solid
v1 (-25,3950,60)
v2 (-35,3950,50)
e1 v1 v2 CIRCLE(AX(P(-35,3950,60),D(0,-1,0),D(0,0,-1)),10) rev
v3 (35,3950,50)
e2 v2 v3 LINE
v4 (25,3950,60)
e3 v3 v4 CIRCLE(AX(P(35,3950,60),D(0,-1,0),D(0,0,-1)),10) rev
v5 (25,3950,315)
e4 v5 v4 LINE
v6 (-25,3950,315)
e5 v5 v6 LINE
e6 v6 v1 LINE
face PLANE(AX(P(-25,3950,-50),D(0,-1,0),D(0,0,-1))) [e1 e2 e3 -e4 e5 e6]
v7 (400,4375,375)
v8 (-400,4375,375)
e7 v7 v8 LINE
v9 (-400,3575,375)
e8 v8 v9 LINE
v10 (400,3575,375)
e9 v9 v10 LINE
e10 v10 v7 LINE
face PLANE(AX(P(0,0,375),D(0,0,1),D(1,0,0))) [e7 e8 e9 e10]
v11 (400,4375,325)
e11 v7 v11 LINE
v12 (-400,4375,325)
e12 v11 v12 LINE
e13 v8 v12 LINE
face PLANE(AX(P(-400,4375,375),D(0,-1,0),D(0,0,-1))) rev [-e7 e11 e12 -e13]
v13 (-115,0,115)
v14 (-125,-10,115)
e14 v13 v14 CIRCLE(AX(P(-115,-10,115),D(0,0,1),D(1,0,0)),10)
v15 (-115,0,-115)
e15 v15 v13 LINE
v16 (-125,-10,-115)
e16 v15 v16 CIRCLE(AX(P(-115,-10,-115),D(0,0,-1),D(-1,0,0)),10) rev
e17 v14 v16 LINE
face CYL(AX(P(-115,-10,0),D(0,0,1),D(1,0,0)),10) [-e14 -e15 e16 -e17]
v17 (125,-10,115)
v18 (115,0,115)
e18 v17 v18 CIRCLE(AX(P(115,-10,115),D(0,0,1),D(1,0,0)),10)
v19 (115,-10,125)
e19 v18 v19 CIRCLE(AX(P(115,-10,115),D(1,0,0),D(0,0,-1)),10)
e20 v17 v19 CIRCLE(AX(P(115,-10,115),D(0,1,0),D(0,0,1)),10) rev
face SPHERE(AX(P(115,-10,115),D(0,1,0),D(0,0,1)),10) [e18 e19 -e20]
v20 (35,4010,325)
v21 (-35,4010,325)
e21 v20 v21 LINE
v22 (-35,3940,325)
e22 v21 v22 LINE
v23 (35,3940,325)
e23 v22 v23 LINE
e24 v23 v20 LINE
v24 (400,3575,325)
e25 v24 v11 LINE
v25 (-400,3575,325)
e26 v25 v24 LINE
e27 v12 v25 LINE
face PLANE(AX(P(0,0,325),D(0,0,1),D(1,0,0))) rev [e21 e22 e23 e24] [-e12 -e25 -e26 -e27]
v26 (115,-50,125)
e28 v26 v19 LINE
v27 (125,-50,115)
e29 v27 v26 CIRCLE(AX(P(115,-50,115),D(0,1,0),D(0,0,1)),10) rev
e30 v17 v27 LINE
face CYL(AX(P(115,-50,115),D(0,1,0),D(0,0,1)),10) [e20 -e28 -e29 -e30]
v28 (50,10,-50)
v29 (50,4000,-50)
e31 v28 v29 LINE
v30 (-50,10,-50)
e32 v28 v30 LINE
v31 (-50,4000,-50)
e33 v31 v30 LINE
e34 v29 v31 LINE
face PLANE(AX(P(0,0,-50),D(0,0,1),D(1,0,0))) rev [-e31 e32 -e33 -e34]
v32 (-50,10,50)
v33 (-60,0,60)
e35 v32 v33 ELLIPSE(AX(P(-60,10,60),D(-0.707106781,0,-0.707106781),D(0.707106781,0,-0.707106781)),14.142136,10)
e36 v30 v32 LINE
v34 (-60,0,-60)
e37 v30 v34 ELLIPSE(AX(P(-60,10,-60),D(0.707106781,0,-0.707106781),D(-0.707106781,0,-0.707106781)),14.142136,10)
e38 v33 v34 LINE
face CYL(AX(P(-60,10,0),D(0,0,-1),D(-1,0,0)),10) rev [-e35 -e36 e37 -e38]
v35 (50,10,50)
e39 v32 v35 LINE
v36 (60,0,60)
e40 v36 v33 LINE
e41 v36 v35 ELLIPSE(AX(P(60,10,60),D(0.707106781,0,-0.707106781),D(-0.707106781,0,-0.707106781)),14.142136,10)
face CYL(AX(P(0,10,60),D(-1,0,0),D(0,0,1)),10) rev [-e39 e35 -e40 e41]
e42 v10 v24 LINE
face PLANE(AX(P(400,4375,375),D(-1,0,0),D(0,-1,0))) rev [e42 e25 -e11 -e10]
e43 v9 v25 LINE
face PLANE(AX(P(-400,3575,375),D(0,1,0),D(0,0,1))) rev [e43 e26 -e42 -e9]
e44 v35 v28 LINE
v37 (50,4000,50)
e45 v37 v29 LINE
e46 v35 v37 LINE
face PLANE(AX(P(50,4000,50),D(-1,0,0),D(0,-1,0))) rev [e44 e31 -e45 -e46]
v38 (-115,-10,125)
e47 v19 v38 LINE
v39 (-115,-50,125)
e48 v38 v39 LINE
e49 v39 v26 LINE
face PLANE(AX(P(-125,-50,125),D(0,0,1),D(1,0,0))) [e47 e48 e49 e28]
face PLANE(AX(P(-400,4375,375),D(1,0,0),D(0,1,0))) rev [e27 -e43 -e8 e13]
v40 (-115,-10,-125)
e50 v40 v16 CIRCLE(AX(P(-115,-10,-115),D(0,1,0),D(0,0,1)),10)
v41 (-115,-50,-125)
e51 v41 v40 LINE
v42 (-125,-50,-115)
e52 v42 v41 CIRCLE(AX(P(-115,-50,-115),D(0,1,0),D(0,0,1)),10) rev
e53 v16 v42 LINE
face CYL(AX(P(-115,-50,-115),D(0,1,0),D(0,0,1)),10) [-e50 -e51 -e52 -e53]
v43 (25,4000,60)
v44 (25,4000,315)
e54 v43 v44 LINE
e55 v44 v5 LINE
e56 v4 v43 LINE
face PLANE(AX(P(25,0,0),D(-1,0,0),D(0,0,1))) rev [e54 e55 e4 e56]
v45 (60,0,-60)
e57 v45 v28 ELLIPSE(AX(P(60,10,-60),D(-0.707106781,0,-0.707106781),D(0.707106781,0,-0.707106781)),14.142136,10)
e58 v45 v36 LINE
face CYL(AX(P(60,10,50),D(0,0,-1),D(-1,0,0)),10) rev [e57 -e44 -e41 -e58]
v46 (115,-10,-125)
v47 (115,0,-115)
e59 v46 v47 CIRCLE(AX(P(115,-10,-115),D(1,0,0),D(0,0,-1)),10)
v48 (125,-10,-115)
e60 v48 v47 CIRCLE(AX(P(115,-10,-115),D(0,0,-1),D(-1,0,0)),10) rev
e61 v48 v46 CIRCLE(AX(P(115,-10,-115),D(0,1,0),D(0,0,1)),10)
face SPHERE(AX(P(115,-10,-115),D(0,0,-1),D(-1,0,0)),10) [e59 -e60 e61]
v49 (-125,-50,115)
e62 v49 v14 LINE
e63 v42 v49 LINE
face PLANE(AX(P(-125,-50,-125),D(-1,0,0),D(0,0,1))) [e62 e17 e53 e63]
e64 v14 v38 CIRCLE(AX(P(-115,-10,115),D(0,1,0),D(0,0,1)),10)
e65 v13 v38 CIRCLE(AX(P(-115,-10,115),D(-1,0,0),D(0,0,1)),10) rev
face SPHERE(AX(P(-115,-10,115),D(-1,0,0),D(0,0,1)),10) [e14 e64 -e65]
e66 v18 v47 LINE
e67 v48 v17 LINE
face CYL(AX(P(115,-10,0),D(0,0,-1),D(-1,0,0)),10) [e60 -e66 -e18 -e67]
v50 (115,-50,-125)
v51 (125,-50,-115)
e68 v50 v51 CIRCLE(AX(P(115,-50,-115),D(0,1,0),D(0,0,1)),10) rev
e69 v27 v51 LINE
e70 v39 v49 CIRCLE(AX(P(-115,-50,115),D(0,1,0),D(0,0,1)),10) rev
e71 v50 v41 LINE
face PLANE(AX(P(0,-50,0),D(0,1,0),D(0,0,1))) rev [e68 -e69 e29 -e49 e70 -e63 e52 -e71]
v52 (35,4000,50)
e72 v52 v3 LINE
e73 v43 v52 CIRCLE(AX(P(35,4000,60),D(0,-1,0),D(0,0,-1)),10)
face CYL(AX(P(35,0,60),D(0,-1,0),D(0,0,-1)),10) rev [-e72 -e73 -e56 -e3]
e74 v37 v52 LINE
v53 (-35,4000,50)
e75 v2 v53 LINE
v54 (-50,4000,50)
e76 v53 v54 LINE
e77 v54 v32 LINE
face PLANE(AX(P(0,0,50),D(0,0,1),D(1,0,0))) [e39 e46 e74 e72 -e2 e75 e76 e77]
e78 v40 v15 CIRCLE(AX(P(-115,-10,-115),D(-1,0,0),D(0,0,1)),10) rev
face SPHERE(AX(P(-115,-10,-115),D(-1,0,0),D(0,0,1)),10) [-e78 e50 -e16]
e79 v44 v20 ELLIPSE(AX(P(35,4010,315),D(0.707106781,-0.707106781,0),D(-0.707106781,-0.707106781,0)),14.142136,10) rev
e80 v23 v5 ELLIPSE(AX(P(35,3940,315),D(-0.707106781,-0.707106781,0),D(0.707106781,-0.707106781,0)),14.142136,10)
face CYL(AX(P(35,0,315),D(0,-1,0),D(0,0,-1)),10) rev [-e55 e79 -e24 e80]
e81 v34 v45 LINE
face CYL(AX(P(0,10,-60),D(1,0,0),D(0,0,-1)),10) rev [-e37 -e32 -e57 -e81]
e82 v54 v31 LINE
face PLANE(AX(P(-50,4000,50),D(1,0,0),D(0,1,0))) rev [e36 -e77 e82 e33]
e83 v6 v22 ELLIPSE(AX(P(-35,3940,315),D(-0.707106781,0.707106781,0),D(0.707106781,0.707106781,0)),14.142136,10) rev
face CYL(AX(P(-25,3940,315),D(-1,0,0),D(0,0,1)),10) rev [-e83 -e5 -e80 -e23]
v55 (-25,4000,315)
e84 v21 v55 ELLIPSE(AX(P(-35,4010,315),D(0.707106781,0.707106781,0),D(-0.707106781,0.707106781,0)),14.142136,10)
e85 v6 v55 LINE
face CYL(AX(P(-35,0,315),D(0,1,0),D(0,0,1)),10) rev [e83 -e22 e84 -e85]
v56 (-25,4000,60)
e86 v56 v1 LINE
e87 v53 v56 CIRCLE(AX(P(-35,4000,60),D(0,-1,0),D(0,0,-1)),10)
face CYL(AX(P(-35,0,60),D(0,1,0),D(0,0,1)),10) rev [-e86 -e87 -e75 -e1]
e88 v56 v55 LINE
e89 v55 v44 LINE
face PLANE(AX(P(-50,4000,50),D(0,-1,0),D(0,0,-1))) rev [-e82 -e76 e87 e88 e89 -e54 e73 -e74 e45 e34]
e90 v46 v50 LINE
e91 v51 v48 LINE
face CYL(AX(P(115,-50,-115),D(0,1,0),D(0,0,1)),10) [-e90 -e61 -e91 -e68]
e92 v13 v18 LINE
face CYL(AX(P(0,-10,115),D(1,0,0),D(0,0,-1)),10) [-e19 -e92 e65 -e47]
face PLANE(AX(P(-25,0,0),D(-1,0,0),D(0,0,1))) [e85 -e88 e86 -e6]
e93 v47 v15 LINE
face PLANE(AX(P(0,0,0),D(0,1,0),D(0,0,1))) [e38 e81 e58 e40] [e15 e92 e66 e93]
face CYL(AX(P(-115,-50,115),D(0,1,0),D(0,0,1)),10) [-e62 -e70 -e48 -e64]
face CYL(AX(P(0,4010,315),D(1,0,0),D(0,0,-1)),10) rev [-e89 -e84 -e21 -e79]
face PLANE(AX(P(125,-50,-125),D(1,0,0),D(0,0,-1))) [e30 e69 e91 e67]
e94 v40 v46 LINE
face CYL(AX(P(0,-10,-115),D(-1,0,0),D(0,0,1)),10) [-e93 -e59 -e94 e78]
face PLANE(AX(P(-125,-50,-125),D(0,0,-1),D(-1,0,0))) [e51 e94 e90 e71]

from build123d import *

# Parameters (mm, degrees)
SKETCH1_W           = 100
SKETCH1_H           = 4000
BOSS_EXTRUDE1_DEPTH = 50
SKETCH2_W           = 250
SKETCH2_H           = 250
BOSS_EXTRUDE2_DEPTH = 50
SKETCH3_W           = 400
SKETCH3_H           = 50
BOSS_EXTRUDE3_DEPTH = 25
SKETCH4_W           = 800
SKETCH4_H           = 800
BOSS_EXTRUDE4_DEPTH = 25
FILLET1_R           = 10
FILLET3_R           = 10
FILLET4_R           = 10


with BuildPart() as part:
    # Sketch1 → Boss-Extrude1 (new, symmetric)
    with BuildSketch(Plane.XY):
        with Locations((0, 2000)):
            Rectangle(SKETCH1_W, SKETCH1_H)
    extrude(amount=BOSS_EXTRUDE1_DEPTH, both=True)

    # Sketch2 → Boss-Extrude2 (add)
    with BuildSketch(Plane(origin=(0, 0, 0), x_dir=(1, 0, 0), z_dir=(0, 1, 0))):
        Rectangle(SKETCH2_W, SKETCH2_H)
    extrude(amount=-BOSS_EXTRUDE2_DEPTH)

    # Sketch3 → Boss-Extrude3 (add, symmetric)
    with BuildSketch(Plane(origin=(0, 0, 0), x_dir=(0, 0, -1), z_dir=(1, 0, 0))):
        with Locations((-150, 3975)):
            Rectangle(SKETCH3_W, SKETCH3_H)
    extrude(amount=BOSS_EXTRUDE3_DEPTH, both=True)

    # Sketch4 → Boss-Extrude4 (add, symmetric)
    with BuildSketch(Plane.XY.offset(350)):
        with Locations((0, 3975)):
            Rectangle(SKETCH4_W, SKETCH4_H)
    extrude(amount=BOSS_EXTRUDE4_DEPTH, both=True)

    # Fillet1
    fillet1_edges = [part.edges().sort_by_distance(p)[0] for p in [
        (125, -25, -125),
        (125, -25, 125),
        (-125, -25, 125),
        (-125, -25, -125),
        (125, 0, 0),
        (0, 0, -125),
        (-125, 0, 0),
        (0, 0, 125),
        (0, 0, -50),
        (50, 0, 0),
        (-50, 0, 0),
        (0, 0, 50),
    ]]
    fillet(fillet1_edges, radius=FILLET1_R)

    # Fillet3
    fillet3_edges = [part.edges().sort_by_distance(p)[0] for p in [
        (25, 3975, 50),
        (-25, 3975, 50),
        (25, 3975, 325),
        (-25, 3975, 325),
    ]]
    fillet(fillet3_edges, radius=FILLET3_R)

    # Fillet4
    fillet4_edges = [part.edges().sort_by_distance(p)[0] for p in [
        (0, 3950, 325),
        (0, 4000, 325),
    ]]
    fillet(fillet4_edges, radius=FILLET4_R)


solid = part.part
